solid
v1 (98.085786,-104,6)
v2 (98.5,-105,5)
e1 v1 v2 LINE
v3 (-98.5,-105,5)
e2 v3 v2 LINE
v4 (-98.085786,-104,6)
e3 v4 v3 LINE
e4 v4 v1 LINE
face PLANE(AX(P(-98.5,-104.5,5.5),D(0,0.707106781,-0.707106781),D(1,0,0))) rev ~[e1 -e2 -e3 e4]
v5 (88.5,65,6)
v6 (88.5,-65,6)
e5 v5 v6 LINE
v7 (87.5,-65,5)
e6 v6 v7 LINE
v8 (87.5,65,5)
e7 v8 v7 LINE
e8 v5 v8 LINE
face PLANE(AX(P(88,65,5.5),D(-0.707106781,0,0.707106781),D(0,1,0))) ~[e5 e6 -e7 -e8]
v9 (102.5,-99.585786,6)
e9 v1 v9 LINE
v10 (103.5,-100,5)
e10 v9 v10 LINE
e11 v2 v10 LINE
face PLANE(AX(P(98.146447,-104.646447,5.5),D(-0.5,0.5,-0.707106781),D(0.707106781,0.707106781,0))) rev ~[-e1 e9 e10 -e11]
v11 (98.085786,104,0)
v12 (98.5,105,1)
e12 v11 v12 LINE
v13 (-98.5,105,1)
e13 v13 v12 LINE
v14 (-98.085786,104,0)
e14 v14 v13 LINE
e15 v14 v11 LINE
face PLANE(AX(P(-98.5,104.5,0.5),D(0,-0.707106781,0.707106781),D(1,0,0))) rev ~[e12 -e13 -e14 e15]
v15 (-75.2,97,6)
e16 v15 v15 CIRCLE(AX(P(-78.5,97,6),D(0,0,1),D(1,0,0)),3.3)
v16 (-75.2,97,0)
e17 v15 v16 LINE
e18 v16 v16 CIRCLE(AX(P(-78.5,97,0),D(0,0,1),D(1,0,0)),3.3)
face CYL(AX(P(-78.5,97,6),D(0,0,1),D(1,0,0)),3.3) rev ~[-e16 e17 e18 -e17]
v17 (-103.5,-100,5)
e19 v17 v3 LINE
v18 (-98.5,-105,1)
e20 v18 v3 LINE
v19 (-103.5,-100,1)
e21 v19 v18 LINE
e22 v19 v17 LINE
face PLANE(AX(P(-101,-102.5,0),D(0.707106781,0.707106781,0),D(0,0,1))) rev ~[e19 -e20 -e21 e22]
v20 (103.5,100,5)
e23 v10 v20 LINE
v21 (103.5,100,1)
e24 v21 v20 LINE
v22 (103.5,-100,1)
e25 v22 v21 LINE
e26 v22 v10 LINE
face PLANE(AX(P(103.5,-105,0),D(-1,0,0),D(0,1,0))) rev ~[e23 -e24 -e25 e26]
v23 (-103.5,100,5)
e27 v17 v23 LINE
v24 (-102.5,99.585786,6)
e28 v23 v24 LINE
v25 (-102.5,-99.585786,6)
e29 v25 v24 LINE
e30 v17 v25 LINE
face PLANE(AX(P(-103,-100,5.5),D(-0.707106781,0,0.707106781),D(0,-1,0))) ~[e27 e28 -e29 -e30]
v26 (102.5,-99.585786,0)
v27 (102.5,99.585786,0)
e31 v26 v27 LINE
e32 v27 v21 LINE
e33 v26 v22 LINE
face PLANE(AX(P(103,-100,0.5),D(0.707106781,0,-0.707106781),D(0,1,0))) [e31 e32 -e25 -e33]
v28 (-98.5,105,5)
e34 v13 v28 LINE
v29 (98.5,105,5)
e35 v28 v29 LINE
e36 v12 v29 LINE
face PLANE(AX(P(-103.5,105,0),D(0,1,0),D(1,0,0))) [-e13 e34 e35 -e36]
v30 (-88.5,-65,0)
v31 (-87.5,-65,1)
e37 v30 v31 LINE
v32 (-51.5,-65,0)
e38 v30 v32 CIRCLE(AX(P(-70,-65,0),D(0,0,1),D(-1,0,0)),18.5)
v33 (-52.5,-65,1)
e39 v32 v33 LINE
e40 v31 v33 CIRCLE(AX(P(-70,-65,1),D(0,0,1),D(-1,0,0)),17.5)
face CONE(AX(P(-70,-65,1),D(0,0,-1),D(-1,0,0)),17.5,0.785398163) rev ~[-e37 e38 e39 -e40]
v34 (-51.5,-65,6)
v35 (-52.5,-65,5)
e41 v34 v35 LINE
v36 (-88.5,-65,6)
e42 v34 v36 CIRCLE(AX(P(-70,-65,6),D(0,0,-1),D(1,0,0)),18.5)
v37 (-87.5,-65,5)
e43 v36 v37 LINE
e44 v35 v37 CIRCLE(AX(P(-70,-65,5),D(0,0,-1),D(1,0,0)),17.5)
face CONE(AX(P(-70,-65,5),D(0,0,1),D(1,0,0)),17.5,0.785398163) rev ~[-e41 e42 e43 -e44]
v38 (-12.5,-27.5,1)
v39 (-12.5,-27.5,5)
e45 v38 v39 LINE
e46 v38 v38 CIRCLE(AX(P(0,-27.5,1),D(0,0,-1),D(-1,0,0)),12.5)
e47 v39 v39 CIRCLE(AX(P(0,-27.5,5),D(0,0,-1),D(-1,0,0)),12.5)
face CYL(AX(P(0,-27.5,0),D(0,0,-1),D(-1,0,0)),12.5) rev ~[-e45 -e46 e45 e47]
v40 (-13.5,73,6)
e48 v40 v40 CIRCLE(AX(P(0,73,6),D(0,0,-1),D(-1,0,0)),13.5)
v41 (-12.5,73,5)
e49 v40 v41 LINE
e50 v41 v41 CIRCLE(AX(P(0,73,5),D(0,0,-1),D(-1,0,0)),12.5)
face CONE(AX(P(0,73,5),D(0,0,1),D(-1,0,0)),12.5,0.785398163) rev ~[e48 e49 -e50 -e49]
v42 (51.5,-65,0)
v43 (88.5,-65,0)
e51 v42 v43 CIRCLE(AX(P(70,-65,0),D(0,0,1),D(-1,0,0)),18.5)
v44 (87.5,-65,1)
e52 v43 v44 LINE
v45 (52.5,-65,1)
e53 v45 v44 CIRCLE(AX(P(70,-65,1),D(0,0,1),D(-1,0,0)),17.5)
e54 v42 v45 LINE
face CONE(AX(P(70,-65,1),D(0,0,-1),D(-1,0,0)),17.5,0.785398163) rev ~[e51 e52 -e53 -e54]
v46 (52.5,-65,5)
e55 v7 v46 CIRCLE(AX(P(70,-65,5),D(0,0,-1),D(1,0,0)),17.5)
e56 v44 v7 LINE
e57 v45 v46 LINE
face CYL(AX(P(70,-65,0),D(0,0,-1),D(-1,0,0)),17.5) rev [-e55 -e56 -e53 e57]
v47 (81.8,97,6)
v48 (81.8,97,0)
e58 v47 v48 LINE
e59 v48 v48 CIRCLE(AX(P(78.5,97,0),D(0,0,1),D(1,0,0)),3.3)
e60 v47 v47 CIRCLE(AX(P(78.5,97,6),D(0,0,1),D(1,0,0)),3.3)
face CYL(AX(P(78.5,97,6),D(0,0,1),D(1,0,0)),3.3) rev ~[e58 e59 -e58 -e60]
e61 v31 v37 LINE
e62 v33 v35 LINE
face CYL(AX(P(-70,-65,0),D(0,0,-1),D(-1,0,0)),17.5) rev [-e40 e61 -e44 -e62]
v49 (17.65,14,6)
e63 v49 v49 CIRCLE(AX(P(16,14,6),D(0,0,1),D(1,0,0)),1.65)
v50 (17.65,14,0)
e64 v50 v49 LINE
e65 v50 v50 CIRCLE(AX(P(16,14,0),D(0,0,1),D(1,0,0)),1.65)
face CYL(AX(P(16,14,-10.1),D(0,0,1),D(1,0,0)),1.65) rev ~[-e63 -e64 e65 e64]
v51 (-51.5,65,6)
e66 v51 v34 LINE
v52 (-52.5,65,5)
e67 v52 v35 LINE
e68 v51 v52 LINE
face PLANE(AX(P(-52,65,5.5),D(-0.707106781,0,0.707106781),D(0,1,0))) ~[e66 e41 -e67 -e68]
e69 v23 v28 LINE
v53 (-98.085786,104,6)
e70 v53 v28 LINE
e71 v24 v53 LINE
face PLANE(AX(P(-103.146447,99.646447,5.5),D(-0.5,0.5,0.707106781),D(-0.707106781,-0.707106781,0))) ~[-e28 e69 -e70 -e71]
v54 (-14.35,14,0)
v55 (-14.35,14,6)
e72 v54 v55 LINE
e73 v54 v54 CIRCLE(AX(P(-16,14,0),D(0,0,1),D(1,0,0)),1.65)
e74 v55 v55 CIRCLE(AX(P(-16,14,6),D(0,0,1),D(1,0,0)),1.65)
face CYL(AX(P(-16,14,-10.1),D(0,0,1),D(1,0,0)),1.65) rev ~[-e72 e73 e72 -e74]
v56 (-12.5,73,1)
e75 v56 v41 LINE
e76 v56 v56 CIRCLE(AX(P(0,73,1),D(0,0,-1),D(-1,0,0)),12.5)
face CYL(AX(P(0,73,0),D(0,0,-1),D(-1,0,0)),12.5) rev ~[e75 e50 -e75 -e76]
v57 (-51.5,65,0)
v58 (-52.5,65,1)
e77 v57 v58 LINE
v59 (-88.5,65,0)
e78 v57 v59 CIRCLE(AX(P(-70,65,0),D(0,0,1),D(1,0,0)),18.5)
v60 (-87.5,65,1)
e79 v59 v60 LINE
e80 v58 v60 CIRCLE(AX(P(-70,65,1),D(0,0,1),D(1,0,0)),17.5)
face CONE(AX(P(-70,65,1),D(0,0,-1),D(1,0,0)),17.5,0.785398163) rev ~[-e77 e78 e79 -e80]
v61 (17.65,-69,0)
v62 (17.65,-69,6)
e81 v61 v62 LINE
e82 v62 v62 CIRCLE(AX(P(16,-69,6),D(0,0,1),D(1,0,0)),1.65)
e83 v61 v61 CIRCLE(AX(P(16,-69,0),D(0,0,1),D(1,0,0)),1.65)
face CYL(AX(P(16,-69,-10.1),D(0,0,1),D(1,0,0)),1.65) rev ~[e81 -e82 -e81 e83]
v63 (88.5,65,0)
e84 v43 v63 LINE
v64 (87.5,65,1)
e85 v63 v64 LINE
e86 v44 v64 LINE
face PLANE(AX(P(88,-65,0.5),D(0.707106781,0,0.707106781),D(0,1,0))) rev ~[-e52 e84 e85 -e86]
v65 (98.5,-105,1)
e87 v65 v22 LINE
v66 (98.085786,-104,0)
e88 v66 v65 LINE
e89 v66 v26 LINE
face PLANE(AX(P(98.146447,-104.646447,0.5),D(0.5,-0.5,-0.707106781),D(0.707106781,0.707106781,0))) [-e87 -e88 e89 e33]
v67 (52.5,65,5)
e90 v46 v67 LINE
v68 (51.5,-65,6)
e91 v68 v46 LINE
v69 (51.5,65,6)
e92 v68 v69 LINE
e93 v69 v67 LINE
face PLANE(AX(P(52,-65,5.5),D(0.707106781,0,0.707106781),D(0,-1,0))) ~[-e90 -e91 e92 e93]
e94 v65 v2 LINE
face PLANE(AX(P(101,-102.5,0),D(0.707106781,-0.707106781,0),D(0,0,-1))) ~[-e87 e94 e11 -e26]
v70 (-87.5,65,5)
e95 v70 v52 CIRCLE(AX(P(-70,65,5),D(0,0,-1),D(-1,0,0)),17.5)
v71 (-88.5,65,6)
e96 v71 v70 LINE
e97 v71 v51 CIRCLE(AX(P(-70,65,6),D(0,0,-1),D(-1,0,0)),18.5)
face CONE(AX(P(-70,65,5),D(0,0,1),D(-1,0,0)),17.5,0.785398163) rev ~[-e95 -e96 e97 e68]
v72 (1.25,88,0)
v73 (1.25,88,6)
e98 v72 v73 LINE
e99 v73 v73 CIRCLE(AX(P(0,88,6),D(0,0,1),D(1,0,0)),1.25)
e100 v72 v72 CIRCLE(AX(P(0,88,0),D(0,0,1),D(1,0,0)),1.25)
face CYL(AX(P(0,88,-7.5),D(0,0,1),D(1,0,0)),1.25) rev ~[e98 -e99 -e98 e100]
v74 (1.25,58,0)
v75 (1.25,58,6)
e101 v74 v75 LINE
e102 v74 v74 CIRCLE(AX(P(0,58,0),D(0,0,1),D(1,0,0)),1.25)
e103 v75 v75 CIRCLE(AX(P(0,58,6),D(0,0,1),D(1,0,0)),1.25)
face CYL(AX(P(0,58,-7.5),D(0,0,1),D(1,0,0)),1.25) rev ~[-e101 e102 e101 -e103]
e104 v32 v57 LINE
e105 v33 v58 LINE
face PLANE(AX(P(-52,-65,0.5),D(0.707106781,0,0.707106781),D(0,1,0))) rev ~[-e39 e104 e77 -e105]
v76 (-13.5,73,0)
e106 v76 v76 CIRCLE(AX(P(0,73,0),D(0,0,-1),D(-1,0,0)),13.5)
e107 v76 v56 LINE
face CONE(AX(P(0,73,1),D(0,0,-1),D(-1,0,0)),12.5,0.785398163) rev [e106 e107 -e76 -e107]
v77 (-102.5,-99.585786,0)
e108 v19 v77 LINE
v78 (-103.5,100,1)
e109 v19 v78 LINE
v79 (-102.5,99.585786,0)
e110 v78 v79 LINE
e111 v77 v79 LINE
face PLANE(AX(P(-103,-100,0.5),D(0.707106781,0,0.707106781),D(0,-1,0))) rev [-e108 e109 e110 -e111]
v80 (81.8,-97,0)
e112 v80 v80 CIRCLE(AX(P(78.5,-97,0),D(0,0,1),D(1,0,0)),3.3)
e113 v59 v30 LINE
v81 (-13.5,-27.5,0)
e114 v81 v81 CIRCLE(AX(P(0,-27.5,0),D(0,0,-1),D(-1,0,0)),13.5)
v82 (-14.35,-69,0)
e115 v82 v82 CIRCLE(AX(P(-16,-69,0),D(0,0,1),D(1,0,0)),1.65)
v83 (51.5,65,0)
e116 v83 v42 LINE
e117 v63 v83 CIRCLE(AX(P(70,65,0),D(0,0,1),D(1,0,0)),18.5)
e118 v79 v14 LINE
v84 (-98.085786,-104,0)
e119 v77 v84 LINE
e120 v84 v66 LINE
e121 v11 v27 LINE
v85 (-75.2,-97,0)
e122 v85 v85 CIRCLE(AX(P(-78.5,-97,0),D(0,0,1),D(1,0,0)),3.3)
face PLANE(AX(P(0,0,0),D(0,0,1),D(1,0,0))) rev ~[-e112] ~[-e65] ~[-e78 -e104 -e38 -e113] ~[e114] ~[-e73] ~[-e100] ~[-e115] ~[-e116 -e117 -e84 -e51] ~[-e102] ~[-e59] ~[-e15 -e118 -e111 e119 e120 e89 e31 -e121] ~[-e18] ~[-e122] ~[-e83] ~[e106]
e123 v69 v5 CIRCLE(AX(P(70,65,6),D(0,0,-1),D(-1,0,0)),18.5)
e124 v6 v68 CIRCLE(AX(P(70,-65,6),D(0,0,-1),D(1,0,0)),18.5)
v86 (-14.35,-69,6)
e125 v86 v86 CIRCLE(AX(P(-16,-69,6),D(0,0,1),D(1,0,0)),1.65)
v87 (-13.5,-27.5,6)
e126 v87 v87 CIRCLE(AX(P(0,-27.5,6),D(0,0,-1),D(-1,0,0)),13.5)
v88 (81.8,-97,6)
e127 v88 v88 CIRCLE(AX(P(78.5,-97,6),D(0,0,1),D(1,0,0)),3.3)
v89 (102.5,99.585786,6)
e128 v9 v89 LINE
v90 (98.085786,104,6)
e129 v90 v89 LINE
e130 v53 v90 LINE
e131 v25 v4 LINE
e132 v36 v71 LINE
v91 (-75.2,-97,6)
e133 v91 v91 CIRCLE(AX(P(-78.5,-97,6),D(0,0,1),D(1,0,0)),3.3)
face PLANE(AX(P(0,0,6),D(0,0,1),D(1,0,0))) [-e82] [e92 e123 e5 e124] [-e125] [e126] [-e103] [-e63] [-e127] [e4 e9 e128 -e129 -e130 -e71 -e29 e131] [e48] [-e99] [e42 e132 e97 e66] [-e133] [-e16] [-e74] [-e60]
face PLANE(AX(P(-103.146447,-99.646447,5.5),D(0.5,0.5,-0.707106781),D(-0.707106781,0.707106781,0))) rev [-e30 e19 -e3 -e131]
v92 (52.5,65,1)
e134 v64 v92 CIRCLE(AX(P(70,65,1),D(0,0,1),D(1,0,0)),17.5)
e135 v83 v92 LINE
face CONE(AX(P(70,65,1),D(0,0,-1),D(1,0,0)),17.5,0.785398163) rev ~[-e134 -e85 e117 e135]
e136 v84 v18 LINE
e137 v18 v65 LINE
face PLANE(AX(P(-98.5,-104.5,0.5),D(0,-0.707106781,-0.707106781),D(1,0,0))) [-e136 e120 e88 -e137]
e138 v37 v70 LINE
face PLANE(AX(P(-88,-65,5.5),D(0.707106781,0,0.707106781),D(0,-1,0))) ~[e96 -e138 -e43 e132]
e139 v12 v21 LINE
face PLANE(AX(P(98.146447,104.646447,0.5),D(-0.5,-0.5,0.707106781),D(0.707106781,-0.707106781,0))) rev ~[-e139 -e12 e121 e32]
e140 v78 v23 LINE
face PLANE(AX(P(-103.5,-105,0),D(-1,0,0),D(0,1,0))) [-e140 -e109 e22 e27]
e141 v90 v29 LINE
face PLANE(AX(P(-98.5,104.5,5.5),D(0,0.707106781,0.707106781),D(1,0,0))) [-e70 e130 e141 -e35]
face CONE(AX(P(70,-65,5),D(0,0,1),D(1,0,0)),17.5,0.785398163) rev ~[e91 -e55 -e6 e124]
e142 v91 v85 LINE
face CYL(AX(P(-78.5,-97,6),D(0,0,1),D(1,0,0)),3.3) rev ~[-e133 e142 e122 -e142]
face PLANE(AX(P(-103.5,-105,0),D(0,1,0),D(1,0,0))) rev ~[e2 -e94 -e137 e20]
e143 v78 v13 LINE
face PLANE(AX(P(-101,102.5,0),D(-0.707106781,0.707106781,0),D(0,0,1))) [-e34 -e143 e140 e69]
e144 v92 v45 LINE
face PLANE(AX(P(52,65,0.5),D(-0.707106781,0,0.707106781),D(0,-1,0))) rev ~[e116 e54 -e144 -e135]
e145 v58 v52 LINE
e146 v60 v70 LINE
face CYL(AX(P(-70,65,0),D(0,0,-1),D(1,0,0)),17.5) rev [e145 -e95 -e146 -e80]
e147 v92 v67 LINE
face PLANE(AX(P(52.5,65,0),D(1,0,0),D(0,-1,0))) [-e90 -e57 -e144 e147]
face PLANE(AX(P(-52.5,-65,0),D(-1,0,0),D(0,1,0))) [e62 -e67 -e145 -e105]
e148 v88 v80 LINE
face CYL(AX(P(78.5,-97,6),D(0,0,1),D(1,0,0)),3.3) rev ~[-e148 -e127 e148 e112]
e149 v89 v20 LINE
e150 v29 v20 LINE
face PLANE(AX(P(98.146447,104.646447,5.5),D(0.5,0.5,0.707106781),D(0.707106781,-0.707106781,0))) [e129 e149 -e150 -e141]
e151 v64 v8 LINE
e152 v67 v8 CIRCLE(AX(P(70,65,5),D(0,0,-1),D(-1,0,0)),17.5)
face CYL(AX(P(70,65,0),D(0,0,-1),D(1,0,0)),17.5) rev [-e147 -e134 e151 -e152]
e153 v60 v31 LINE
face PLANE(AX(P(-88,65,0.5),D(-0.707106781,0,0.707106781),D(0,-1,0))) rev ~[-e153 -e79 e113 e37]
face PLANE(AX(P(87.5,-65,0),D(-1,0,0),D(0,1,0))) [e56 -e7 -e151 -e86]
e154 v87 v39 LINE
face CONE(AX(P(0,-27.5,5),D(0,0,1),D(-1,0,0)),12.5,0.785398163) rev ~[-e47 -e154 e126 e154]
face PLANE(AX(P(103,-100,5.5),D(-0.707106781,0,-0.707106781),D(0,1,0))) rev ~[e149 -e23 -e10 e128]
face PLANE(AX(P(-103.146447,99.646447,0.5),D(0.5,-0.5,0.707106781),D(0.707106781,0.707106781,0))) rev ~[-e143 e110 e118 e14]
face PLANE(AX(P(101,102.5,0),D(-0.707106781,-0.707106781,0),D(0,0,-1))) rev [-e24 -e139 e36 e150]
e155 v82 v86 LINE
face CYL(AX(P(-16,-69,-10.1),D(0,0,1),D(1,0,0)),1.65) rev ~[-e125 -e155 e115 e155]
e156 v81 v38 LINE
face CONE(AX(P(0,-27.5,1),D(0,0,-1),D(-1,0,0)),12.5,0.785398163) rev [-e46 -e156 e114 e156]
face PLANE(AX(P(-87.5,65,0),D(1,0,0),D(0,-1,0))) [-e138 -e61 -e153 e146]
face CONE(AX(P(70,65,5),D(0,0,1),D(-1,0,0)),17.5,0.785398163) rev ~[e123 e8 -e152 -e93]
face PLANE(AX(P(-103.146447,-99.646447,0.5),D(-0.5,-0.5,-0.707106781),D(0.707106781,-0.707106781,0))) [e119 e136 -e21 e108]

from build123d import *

# Parameters (mm, degrees)
SKETCH_1_W             = 207
SKETCH_1_H             = 210
EXTRUDE_1_DEPTH        = 6
SKETCH_2_R             = 3.3
CUT_EXTRUDE_1_DEPTH    = 148.557615866
CHAMFER_2_SIZE         = 5
CHAMFER_1_SIZE         = 1
HOLE_WIZARD_M4_1_D     = 3.3
HOLE_WIZARD_M4_1_DEPTH = 10.1
HOLE_WIZARD_M4_1_TIP   = 0.991420021
HOLE_WIZARD_M3_1_D     = 2.5
HOLE_WIZARD_M3_1_DEPTH = 7.5
HOLE_WIZARD_M3_1_TIP   = 0.751075774
SKETCH_7_R             = 12.5
CUT_EXTRUDE_2_DEPTH    = 148.557615866
SKETCH_8_R             = 12.5
CUT_EXTRUDE_3_DEPTH    = 148.557615866
CUT_EXTRUDE_4_DEPTH    = 148.557615866
CHAMFER_3_SIZE         = 1


with BuildPart() as part:
    # 草图1 → 凸台-拉伸1 (new body)
    with BuildSketch(Plane.XY):
        Rectangle(SKETCH_1_W, SKETCH_1_H)
    extrude(amount=EXTRUDE_1_DEPTH)

    # 草图2 → 切除-拉伸1 (cut, through all)
    with BuildSketch(Plane.XY.offset(6)):
        with Locations((-78.5, 97)):
            Circle(SKETCH_2_R)
        with Locations((78.5, 97)):
            Circle(SKETCH_2_R)
        with Locations((-78.5, -97)):
            Circle(SKETCH_2_R)
        with Locations((78.5, -97)):
            Circle(SKETCH_2_R)
    extrude(amount=-CUT_EXTRUDE_1_DEPTH, mode=Mode.SUBTRACT)

    # 倒角2
    chamfer_2_edges = [part.edges().sort_by_distance(p)[0] for p in [
        (103.5, -105, 3),
        (-103.5, -105, 3),
        (-103.5, 105, 3),
        (103.5, 105, 3),
    ]]
    chamfer(chamfer_2_edges, length=CHAMFER_2_SIZE)

    # 倒角1
    chamfer_1_edges = [part.edges().sort_by_distance(p)[0] for p in [
        (0, -105, 0),
        (0, -105, 6),
        (103.5, 0, 0),
        (-103.5, 0, 0),
        (0, 105, 0),
        (101, 102.5, 0),
        (-101, 102.5, 0),
        (101, -102.5, 0),
        (-101, -102.5, 0),
        (-103.5, 0, 6),
        (103.5, 0, 6),
        (0, 105, 6),
        (101, 102.5, 6),
        (-101, 102.5, 6),
        (101, -102.5, 6),
        (-101, -102.5, 6),
    ]]
    chamfer(chamfer_1_edges, length=CHAMFER_1_SIZE)

    # M4 螺纹孔1
    with Locations(Plane(origin=(0, 0, 0), x_dir=(-1, 0, 0), z_dir=(0, 0, -1))):
        with Locations((-16, 14), (16, 14), (16, -69), (-16, -69)):
            Hole(HOLE_WIZARD_M4_1_D / 2, depth=HOLE_WIZARD_M4_1_DEPTH)
            with Locations((0, 0, -(HOLE_WIZARD_M4_1_DEPTH + HOLE_WIZARD_M4_1_TIP / 2))):  # 118° drill point
                Cone(0, HOLE_WIZARD_M4_1_D / 2, HOLE_WIZARD_M4_1_TIP, mode=Mode.SUBTRACT)

    # M3 螺纹孔1
    with Locations(Plane(origin=(0, 0, 0), x_dir=(-1, 0, 0), z_dir=(0, 0, -1))):
        with Locations((0, 58), (0, 88)):
            Hole(HOLE_WIZARD_M3_1_D / 2, depth=HOLE_WIZARD_M3_1_DEPTH)
            with Locations((0, 0, -(HOLE_WIZARD_M3_1_DEPTH + HOLE_WIZARD_M3_1_TIP / 2))):  # 118° drill point
                Cone(0, HOLE_WIZARD_M3_1_D / 2, HOLE_WIZARD_M3_1_TIP, mode=Mode.SUBTRACT)

    # 草图7 → 切除-拉伸2 (cut, through all)
    with BuildSketch(Plane(origin=(0, 0, 0), x_dir=(-1, 0, 0), z_dir=(0, 0, -1))):
        with Locations((0, 73)):
            Circle(SKETCH_7_R)
    extrude(amount=-CUT_EXTRUDE_2_DEPTH, mode=Mode.SUBTRACT)

    # 草图8 → 切除-拉伸3 (cut, through all)
    with BuildSketch(Plane(origin=(0, 0, 0), x_dir=(-1, 0, 0), z_dir=(0, 0, -1))):
        with Locations((0, -27.5)):
            Circle(SKETCH_8_R)
    extrude(amount=-CUT_EXTRUDE_3_DEPTH, mode=Mode.SUBTRACT)

    # 草图9 → 切除-拉伸4 (cut, through all)
    with BuildSketch(Plane(origin=(0, 0, 0), x_dir=(-1, 0, 0), z_dir=(0, 0, -1))):
        with BuildLine():
            Line((-87.5, -65), (-87.5, 65))
            ThreePointArc((-87.5, 65), (-70, 82.5), (-52.5, 65))
            Line((-52.5, 65), (-52.5, -65))
            ThreePointArc((-52.5, -65), (-70, -82.5), (-87.5, -65))
        make_face()
        with BuildLine():
            Line((52.5, -65), (52.5, 65))
            ThreePointArc((52.5, 65), (70, 82.5), (87.5, 65))
            Line((87.5, 65), (87.5, -65))
            ThreePointArc((87.5, -65), (70, -82.5), (52.5, -65))
        make_face()
    extrude(amount=-CUT_EXTRUDE_4_DEPTH, mode=Mode.SUBTRACT)

    # 倒角3
    chamfer_3_edges = [part.edges().sort_by_distance(p)[0] for p in [
        (12.5, 73, 6),
        (12.5, 73, 0),
        (12.5, -27.5, 6),
        (12.5, -27.5, 0),
        (70, -82.5, 6),
        (87.5, 0, 6),
        (70, 82.5, 6),
        (52.5, 0, 6),
        (70, -82.5, 0),
        (52.5, 0, 0),
        (70, 82.5, 0),
        (87.5, 0, 0),
        (-70, -82.5, 6),
        (-52.5, 0, 6),
        (-70, 82.5, 6),
        (-87.5, 0, 6),
        (-70, -82.5, 0),
        (-87.5, 0, 0),
        (-70, 82.5, 0),
        (-52.5, 0, 0),
    ]]
    chamfer(chamfer_3_edges, length=CHAMFER_3_SIZE)


solid = part.part
